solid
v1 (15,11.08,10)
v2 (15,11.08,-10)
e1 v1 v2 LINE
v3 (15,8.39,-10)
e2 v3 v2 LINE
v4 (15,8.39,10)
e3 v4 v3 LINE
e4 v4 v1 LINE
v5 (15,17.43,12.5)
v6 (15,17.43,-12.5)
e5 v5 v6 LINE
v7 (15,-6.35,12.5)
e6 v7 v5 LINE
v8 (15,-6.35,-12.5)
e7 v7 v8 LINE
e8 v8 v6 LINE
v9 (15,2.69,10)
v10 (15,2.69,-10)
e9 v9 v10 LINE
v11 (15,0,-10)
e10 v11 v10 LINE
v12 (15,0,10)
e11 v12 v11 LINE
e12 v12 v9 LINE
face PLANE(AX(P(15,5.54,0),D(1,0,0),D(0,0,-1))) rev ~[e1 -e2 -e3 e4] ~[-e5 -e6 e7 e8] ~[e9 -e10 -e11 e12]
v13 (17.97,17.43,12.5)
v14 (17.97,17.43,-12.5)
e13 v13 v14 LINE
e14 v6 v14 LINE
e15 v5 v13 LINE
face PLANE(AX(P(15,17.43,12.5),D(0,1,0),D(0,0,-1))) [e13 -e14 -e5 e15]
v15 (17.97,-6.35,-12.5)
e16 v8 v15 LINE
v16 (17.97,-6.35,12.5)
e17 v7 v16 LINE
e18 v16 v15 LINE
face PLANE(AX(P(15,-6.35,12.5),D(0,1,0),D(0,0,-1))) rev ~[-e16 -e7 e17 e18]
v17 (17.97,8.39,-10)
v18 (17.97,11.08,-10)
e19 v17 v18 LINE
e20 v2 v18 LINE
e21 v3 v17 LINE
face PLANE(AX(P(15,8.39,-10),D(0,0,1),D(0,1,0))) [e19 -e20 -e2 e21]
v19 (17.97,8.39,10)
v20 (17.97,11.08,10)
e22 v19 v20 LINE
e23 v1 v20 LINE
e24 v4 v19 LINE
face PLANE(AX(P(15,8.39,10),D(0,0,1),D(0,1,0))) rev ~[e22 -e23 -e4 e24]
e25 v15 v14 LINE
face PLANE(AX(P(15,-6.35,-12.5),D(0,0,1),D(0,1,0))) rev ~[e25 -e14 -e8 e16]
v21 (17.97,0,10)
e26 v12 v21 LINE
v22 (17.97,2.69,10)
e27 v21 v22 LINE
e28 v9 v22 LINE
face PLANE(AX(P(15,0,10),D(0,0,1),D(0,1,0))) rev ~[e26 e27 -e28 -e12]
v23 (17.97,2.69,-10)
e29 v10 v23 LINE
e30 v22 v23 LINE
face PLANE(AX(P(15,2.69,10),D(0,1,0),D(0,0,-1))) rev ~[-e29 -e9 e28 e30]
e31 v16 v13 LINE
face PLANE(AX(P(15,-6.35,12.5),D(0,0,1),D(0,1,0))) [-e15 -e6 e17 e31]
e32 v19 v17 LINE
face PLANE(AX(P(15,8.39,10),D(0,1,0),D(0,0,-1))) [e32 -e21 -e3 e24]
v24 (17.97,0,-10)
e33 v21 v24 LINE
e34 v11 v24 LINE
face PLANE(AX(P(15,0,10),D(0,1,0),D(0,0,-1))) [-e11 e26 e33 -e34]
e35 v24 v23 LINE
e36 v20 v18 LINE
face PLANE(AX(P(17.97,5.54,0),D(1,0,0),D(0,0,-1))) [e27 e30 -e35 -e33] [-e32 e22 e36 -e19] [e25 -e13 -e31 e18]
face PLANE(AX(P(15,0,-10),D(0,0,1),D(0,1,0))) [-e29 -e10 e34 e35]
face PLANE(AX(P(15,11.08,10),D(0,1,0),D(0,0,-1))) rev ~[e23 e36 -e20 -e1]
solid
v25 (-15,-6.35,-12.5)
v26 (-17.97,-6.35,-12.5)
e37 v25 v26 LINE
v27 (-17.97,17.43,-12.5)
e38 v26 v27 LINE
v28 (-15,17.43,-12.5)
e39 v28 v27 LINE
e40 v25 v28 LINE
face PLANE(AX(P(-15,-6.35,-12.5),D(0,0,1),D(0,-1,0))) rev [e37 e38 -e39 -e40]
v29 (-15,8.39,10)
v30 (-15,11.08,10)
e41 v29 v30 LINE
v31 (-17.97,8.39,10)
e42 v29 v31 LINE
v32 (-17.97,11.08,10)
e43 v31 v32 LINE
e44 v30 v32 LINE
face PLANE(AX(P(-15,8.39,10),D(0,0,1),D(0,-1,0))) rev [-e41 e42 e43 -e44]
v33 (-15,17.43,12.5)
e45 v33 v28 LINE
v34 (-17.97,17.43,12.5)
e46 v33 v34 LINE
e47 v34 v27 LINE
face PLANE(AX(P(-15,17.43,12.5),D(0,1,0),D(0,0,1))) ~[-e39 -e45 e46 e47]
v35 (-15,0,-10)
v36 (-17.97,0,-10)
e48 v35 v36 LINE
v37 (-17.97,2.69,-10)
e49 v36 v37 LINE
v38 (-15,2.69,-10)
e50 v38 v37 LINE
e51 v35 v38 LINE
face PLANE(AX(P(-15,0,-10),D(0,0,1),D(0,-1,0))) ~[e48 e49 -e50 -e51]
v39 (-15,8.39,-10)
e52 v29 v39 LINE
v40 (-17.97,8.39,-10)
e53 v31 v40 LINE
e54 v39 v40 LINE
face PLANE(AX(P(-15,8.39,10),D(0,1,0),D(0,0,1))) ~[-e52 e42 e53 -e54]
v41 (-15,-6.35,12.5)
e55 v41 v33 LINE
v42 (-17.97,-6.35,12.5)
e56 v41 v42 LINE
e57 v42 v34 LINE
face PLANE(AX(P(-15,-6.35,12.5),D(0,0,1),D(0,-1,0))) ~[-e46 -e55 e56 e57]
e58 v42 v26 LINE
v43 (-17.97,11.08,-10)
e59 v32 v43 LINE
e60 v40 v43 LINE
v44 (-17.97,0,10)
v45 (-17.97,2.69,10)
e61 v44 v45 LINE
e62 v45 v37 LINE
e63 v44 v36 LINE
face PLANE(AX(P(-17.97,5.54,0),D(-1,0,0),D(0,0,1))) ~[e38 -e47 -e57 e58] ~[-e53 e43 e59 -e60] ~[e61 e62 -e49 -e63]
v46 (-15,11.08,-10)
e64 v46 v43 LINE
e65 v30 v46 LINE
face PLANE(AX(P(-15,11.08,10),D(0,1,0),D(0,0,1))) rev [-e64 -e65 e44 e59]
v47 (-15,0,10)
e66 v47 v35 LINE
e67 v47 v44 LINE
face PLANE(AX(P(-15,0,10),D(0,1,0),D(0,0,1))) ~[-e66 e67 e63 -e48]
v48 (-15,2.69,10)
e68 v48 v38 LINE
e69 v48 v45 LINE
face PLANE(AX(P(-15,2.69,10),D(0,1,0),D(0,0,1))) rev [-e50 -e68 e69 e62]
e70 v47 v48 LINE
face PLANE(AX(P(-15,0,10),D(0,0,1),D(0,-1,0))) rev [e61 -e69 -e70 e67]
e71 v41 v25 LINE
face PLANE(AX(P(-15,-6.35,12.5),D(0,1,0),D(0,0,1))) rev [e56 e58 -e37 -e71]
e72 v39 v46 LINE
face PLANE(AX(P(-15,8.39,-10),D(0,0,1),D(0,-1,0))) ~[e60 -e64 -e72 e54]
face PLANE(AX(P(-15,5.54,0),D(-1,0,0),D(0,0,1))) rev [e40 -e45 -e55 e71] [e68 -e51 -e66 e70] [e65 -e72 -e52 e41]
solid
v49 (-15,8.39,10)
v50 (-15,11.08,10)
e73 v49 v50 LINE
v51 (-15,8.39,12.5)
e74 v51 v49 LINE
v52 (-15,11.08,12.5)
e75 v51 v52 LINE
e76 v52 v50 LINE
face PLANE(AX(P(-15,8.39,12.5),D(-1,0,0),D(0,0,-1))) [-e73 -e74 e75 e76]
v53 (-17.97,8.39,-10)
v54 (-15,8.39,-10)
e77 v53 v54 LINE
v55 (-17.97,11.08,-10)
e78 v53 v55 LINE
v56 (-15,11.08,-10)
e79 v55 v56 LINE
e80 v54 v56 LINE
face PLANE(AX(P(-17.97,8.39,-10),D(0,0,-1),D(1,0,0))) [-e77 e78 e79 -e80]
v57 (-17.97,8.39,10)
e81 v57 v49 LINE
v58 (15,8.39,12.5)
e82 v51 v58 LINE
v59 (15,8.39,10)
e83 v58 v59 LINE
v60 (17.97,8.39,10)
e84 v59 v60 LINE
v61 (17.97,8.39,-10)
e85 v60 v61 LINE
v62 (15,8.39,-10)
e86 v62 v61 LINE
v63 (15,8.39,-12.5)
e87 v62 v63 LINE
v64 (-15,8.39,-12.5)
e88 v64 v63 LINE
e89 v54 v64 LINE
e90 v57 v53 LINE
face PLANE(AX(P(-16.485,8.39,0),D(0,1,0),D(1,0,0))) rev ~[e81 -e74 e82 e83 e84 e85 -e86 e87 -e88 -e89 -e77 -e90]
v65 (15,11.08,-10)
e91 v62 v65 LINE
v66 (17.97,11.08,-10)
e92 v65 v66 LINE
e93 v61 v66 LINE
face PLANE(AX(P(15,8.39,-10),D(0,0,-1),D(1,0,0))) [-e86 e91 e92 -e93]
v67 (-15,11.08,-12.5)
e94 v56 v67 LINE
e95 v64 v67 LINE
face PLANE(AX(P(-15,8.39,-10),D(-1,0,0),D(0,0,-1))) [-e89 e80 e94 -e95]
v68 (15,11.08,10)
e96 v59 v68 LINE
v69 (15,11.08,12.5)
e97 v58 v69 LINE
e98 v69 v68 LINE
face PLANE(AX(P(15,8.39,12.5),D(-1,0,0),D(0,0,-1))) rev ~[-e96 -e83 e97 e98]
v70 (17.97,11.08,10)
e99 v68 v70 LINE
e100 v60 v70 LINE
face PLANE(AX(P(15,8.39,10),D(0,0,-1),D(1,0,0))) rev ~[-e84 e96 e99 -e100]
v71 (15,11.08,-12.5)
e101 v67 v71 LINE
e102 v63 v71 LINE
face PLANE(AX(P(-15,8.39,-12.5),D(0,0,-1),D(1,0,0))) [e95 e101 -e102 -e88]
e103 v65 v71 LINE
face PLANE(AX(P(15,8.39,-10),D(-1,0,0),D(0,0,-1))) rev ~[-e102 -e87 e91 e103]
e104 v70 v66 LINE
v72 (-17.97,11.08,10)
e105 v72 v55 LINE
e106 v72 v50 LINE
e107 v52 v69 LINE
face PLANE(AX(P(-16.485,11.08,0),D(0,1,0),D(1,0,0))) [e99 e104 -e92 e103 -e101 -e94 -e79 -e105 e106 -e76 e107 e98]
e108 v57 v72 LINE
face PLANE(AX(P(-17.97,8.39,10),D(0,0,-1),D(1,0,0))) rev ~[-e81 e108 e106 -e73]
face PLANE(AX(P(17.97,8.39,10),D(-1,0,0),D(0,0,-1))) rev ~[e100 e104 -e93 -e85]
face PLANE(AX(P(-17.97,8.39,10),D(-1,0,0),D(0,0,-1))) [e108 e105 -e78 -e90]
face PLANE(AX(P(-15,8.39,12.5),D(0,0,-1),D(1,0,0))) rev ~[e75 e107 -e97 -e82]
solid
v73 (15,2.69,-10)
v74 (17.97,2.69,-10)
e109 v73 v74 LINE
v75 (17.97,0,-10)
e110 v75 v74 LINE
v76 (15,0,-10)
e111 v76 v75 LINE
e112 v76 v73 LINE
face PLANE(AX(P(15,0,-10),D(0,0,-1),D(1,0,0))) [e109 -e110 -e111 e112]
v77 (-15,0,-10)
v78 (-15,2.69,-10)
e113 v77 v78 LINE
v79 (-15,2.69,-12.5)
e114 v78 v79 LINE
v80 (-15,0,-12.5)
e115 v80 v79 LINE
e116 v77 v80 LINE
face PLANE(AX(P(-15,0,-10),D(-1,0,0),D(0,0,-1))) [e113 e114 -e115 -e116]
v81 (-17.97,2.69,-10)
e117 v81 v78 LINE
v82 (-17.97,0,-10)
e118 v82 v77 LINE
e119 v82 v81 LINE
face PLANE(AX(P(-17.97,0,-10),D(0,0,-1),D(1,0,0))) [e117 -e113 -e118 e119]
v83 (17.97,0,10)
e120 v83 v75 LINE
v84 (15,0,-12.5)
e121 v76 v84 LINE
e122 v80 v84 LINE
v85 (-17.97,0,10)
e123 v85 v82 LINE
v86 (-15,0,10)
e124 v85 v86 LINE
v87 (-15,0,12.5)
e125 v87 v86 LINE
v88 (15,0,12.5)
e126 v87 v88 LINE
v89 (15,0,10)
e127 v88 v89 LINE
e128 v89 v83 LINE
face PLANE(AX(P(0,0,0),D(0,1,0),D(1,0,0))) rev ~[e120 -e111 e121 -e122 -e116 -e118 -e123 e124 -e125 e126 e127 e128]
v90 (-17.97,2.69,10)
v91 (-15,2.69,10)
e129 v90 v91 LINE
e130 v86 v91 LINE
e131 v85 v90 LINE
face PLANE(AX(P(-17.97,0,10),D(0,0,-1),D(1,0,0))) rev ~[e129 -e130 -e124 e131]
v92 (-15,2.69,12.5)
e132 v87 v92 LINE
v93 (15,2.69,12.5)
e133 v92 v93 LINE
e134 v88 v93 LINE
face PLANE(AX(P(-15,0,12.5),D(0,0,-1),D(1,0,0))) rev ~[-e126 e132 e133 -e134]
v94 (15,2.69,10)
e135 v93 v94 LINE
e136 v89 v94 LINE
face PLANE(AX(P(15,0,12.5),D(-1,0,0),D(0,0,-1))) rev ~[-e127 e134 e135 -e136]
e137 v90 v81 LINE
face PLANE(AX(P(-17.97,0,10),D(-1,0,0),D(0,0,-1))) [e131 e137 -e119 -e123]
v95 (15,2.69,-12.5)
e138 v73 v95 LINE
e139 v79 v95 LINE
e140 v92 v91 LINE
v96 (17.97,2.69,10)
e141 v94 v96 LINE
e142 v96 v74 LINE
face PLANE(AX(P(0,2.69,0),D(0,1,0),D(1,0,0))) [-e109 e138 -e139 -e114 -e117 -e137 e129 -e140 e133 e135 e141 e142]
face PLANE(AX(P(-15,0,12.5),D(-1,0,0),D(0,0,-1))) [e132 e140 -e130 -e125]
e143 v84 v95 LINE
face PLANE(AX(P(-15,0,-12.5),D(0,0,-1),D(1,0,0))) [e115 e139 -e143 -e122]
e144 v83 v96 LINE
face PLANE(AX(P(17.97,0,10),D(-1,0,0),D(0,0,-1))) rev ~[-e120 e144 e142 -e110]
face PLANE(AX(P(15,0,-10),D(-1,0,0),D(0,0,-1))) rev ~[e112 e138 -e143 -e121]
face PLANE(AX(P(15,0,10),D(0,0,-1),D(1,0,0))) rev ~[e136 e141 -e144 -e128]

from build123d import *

# Parameters (mm, degrees)
SKETCH2_W           = 30
SKETCH2_H           = 25
SKETCH2_W_2         = 2.97
SKETCH2_H_2         = 20
BOSS_EXTRUDE3_DEPTH = 2.69
BOSS_EXTRUDE4_START = 8.39
SKETCH2_3_W         = 2.97
SKETCH2_3_H         = 20
SKETCH2_3_W_2       = 30
SKETCH2_3_H_2       = 25
BOSS_EXTRUDE4_DEPTH = 2.69
SKETCH4_W           = 25
SKETCH4_H           = 23.78
SKETCH4_W_2         = 20
SKETCH4_H_2         = 2.69
BOSS_EXTRUDE5_DEPTH = 2.97


with BuildPart() as part:
    # Sketch2 → Boss-Extrude3 (new body)
    with BuildSketch(Plane(origin=(0, 0, 0), x_dir=(1, 0, 0), z_dir=(0, 1, 0))):
        Rectangle(SKETCH2_W, SKETCH2_H)
        with Locations((-16.485, 0)):
            Rectangle(SKETCH2_W_2, SKETCH2_H_2)
        with Locations((16.485, 0)):
            Rectangle(SKETCH2_W_2, SKETCH2_H_2)
    extrude(amount=BOSS_EXTRUDE3_DEPTH)


with BuildPart() as body_2:
    # Sketch2<3> → Boss-Extrude4 (new body)
    with BuildSketch(Plane(origin=(0, 0, 0), x_dir=(1, 0, 0), z_dir=(0, 1, 0)).offset(BOSS_EXTRUDE4_START)):
        with Locations((-16.485, 0)):
            Rectangle(SKETCH2_3_W, SKETCH2_3_H)
        Rectangle(SKETCH2_3_W_2, SKETCH2_3_H_2)
        with Locations((16.485, 0)):
            Rectangle(SKETCH2_3_W, SKETCH2_3_H)
    extrude(amount=BOSS_EXTRUDE4_DEPTH)


with BuildPart() as body_3:
    # Sketch4 → Boss-Extrude5 (new body)
    with BuildSketch(Plane(origin=(15, 0, 0), x_dir=(0, 0, -1), z_dir=(1, 0, 0))):
        with Locations((0, 5.54)):
            Rectangle(SKETCH4_W, SKETCH4_H)
        with Locations((0, 9.735)):
            Rectangle(SKETCH4_W_2, SKETCH4_H_2, mode=Mode.SUBTRACT)
        with Locations((0, 1.345)):
            Rectangle(SKETCH4_W_2, SKETCH4_H_2, mode=Mode.SUBTRACT)
    extrude(amount=BOSS_EXTRUDE5_DEPTH)


with BuildPart() as body_4:
    # Mirror1: mirrored copy
    add(body_3.part.mirror(Plane(origin=(0, 0, 0), x_dir=(0, 0, 1), z_dir=(1, 0, 0))))


solid = Compound([part.part, body_2.part, body_3.part, body_4.part])
